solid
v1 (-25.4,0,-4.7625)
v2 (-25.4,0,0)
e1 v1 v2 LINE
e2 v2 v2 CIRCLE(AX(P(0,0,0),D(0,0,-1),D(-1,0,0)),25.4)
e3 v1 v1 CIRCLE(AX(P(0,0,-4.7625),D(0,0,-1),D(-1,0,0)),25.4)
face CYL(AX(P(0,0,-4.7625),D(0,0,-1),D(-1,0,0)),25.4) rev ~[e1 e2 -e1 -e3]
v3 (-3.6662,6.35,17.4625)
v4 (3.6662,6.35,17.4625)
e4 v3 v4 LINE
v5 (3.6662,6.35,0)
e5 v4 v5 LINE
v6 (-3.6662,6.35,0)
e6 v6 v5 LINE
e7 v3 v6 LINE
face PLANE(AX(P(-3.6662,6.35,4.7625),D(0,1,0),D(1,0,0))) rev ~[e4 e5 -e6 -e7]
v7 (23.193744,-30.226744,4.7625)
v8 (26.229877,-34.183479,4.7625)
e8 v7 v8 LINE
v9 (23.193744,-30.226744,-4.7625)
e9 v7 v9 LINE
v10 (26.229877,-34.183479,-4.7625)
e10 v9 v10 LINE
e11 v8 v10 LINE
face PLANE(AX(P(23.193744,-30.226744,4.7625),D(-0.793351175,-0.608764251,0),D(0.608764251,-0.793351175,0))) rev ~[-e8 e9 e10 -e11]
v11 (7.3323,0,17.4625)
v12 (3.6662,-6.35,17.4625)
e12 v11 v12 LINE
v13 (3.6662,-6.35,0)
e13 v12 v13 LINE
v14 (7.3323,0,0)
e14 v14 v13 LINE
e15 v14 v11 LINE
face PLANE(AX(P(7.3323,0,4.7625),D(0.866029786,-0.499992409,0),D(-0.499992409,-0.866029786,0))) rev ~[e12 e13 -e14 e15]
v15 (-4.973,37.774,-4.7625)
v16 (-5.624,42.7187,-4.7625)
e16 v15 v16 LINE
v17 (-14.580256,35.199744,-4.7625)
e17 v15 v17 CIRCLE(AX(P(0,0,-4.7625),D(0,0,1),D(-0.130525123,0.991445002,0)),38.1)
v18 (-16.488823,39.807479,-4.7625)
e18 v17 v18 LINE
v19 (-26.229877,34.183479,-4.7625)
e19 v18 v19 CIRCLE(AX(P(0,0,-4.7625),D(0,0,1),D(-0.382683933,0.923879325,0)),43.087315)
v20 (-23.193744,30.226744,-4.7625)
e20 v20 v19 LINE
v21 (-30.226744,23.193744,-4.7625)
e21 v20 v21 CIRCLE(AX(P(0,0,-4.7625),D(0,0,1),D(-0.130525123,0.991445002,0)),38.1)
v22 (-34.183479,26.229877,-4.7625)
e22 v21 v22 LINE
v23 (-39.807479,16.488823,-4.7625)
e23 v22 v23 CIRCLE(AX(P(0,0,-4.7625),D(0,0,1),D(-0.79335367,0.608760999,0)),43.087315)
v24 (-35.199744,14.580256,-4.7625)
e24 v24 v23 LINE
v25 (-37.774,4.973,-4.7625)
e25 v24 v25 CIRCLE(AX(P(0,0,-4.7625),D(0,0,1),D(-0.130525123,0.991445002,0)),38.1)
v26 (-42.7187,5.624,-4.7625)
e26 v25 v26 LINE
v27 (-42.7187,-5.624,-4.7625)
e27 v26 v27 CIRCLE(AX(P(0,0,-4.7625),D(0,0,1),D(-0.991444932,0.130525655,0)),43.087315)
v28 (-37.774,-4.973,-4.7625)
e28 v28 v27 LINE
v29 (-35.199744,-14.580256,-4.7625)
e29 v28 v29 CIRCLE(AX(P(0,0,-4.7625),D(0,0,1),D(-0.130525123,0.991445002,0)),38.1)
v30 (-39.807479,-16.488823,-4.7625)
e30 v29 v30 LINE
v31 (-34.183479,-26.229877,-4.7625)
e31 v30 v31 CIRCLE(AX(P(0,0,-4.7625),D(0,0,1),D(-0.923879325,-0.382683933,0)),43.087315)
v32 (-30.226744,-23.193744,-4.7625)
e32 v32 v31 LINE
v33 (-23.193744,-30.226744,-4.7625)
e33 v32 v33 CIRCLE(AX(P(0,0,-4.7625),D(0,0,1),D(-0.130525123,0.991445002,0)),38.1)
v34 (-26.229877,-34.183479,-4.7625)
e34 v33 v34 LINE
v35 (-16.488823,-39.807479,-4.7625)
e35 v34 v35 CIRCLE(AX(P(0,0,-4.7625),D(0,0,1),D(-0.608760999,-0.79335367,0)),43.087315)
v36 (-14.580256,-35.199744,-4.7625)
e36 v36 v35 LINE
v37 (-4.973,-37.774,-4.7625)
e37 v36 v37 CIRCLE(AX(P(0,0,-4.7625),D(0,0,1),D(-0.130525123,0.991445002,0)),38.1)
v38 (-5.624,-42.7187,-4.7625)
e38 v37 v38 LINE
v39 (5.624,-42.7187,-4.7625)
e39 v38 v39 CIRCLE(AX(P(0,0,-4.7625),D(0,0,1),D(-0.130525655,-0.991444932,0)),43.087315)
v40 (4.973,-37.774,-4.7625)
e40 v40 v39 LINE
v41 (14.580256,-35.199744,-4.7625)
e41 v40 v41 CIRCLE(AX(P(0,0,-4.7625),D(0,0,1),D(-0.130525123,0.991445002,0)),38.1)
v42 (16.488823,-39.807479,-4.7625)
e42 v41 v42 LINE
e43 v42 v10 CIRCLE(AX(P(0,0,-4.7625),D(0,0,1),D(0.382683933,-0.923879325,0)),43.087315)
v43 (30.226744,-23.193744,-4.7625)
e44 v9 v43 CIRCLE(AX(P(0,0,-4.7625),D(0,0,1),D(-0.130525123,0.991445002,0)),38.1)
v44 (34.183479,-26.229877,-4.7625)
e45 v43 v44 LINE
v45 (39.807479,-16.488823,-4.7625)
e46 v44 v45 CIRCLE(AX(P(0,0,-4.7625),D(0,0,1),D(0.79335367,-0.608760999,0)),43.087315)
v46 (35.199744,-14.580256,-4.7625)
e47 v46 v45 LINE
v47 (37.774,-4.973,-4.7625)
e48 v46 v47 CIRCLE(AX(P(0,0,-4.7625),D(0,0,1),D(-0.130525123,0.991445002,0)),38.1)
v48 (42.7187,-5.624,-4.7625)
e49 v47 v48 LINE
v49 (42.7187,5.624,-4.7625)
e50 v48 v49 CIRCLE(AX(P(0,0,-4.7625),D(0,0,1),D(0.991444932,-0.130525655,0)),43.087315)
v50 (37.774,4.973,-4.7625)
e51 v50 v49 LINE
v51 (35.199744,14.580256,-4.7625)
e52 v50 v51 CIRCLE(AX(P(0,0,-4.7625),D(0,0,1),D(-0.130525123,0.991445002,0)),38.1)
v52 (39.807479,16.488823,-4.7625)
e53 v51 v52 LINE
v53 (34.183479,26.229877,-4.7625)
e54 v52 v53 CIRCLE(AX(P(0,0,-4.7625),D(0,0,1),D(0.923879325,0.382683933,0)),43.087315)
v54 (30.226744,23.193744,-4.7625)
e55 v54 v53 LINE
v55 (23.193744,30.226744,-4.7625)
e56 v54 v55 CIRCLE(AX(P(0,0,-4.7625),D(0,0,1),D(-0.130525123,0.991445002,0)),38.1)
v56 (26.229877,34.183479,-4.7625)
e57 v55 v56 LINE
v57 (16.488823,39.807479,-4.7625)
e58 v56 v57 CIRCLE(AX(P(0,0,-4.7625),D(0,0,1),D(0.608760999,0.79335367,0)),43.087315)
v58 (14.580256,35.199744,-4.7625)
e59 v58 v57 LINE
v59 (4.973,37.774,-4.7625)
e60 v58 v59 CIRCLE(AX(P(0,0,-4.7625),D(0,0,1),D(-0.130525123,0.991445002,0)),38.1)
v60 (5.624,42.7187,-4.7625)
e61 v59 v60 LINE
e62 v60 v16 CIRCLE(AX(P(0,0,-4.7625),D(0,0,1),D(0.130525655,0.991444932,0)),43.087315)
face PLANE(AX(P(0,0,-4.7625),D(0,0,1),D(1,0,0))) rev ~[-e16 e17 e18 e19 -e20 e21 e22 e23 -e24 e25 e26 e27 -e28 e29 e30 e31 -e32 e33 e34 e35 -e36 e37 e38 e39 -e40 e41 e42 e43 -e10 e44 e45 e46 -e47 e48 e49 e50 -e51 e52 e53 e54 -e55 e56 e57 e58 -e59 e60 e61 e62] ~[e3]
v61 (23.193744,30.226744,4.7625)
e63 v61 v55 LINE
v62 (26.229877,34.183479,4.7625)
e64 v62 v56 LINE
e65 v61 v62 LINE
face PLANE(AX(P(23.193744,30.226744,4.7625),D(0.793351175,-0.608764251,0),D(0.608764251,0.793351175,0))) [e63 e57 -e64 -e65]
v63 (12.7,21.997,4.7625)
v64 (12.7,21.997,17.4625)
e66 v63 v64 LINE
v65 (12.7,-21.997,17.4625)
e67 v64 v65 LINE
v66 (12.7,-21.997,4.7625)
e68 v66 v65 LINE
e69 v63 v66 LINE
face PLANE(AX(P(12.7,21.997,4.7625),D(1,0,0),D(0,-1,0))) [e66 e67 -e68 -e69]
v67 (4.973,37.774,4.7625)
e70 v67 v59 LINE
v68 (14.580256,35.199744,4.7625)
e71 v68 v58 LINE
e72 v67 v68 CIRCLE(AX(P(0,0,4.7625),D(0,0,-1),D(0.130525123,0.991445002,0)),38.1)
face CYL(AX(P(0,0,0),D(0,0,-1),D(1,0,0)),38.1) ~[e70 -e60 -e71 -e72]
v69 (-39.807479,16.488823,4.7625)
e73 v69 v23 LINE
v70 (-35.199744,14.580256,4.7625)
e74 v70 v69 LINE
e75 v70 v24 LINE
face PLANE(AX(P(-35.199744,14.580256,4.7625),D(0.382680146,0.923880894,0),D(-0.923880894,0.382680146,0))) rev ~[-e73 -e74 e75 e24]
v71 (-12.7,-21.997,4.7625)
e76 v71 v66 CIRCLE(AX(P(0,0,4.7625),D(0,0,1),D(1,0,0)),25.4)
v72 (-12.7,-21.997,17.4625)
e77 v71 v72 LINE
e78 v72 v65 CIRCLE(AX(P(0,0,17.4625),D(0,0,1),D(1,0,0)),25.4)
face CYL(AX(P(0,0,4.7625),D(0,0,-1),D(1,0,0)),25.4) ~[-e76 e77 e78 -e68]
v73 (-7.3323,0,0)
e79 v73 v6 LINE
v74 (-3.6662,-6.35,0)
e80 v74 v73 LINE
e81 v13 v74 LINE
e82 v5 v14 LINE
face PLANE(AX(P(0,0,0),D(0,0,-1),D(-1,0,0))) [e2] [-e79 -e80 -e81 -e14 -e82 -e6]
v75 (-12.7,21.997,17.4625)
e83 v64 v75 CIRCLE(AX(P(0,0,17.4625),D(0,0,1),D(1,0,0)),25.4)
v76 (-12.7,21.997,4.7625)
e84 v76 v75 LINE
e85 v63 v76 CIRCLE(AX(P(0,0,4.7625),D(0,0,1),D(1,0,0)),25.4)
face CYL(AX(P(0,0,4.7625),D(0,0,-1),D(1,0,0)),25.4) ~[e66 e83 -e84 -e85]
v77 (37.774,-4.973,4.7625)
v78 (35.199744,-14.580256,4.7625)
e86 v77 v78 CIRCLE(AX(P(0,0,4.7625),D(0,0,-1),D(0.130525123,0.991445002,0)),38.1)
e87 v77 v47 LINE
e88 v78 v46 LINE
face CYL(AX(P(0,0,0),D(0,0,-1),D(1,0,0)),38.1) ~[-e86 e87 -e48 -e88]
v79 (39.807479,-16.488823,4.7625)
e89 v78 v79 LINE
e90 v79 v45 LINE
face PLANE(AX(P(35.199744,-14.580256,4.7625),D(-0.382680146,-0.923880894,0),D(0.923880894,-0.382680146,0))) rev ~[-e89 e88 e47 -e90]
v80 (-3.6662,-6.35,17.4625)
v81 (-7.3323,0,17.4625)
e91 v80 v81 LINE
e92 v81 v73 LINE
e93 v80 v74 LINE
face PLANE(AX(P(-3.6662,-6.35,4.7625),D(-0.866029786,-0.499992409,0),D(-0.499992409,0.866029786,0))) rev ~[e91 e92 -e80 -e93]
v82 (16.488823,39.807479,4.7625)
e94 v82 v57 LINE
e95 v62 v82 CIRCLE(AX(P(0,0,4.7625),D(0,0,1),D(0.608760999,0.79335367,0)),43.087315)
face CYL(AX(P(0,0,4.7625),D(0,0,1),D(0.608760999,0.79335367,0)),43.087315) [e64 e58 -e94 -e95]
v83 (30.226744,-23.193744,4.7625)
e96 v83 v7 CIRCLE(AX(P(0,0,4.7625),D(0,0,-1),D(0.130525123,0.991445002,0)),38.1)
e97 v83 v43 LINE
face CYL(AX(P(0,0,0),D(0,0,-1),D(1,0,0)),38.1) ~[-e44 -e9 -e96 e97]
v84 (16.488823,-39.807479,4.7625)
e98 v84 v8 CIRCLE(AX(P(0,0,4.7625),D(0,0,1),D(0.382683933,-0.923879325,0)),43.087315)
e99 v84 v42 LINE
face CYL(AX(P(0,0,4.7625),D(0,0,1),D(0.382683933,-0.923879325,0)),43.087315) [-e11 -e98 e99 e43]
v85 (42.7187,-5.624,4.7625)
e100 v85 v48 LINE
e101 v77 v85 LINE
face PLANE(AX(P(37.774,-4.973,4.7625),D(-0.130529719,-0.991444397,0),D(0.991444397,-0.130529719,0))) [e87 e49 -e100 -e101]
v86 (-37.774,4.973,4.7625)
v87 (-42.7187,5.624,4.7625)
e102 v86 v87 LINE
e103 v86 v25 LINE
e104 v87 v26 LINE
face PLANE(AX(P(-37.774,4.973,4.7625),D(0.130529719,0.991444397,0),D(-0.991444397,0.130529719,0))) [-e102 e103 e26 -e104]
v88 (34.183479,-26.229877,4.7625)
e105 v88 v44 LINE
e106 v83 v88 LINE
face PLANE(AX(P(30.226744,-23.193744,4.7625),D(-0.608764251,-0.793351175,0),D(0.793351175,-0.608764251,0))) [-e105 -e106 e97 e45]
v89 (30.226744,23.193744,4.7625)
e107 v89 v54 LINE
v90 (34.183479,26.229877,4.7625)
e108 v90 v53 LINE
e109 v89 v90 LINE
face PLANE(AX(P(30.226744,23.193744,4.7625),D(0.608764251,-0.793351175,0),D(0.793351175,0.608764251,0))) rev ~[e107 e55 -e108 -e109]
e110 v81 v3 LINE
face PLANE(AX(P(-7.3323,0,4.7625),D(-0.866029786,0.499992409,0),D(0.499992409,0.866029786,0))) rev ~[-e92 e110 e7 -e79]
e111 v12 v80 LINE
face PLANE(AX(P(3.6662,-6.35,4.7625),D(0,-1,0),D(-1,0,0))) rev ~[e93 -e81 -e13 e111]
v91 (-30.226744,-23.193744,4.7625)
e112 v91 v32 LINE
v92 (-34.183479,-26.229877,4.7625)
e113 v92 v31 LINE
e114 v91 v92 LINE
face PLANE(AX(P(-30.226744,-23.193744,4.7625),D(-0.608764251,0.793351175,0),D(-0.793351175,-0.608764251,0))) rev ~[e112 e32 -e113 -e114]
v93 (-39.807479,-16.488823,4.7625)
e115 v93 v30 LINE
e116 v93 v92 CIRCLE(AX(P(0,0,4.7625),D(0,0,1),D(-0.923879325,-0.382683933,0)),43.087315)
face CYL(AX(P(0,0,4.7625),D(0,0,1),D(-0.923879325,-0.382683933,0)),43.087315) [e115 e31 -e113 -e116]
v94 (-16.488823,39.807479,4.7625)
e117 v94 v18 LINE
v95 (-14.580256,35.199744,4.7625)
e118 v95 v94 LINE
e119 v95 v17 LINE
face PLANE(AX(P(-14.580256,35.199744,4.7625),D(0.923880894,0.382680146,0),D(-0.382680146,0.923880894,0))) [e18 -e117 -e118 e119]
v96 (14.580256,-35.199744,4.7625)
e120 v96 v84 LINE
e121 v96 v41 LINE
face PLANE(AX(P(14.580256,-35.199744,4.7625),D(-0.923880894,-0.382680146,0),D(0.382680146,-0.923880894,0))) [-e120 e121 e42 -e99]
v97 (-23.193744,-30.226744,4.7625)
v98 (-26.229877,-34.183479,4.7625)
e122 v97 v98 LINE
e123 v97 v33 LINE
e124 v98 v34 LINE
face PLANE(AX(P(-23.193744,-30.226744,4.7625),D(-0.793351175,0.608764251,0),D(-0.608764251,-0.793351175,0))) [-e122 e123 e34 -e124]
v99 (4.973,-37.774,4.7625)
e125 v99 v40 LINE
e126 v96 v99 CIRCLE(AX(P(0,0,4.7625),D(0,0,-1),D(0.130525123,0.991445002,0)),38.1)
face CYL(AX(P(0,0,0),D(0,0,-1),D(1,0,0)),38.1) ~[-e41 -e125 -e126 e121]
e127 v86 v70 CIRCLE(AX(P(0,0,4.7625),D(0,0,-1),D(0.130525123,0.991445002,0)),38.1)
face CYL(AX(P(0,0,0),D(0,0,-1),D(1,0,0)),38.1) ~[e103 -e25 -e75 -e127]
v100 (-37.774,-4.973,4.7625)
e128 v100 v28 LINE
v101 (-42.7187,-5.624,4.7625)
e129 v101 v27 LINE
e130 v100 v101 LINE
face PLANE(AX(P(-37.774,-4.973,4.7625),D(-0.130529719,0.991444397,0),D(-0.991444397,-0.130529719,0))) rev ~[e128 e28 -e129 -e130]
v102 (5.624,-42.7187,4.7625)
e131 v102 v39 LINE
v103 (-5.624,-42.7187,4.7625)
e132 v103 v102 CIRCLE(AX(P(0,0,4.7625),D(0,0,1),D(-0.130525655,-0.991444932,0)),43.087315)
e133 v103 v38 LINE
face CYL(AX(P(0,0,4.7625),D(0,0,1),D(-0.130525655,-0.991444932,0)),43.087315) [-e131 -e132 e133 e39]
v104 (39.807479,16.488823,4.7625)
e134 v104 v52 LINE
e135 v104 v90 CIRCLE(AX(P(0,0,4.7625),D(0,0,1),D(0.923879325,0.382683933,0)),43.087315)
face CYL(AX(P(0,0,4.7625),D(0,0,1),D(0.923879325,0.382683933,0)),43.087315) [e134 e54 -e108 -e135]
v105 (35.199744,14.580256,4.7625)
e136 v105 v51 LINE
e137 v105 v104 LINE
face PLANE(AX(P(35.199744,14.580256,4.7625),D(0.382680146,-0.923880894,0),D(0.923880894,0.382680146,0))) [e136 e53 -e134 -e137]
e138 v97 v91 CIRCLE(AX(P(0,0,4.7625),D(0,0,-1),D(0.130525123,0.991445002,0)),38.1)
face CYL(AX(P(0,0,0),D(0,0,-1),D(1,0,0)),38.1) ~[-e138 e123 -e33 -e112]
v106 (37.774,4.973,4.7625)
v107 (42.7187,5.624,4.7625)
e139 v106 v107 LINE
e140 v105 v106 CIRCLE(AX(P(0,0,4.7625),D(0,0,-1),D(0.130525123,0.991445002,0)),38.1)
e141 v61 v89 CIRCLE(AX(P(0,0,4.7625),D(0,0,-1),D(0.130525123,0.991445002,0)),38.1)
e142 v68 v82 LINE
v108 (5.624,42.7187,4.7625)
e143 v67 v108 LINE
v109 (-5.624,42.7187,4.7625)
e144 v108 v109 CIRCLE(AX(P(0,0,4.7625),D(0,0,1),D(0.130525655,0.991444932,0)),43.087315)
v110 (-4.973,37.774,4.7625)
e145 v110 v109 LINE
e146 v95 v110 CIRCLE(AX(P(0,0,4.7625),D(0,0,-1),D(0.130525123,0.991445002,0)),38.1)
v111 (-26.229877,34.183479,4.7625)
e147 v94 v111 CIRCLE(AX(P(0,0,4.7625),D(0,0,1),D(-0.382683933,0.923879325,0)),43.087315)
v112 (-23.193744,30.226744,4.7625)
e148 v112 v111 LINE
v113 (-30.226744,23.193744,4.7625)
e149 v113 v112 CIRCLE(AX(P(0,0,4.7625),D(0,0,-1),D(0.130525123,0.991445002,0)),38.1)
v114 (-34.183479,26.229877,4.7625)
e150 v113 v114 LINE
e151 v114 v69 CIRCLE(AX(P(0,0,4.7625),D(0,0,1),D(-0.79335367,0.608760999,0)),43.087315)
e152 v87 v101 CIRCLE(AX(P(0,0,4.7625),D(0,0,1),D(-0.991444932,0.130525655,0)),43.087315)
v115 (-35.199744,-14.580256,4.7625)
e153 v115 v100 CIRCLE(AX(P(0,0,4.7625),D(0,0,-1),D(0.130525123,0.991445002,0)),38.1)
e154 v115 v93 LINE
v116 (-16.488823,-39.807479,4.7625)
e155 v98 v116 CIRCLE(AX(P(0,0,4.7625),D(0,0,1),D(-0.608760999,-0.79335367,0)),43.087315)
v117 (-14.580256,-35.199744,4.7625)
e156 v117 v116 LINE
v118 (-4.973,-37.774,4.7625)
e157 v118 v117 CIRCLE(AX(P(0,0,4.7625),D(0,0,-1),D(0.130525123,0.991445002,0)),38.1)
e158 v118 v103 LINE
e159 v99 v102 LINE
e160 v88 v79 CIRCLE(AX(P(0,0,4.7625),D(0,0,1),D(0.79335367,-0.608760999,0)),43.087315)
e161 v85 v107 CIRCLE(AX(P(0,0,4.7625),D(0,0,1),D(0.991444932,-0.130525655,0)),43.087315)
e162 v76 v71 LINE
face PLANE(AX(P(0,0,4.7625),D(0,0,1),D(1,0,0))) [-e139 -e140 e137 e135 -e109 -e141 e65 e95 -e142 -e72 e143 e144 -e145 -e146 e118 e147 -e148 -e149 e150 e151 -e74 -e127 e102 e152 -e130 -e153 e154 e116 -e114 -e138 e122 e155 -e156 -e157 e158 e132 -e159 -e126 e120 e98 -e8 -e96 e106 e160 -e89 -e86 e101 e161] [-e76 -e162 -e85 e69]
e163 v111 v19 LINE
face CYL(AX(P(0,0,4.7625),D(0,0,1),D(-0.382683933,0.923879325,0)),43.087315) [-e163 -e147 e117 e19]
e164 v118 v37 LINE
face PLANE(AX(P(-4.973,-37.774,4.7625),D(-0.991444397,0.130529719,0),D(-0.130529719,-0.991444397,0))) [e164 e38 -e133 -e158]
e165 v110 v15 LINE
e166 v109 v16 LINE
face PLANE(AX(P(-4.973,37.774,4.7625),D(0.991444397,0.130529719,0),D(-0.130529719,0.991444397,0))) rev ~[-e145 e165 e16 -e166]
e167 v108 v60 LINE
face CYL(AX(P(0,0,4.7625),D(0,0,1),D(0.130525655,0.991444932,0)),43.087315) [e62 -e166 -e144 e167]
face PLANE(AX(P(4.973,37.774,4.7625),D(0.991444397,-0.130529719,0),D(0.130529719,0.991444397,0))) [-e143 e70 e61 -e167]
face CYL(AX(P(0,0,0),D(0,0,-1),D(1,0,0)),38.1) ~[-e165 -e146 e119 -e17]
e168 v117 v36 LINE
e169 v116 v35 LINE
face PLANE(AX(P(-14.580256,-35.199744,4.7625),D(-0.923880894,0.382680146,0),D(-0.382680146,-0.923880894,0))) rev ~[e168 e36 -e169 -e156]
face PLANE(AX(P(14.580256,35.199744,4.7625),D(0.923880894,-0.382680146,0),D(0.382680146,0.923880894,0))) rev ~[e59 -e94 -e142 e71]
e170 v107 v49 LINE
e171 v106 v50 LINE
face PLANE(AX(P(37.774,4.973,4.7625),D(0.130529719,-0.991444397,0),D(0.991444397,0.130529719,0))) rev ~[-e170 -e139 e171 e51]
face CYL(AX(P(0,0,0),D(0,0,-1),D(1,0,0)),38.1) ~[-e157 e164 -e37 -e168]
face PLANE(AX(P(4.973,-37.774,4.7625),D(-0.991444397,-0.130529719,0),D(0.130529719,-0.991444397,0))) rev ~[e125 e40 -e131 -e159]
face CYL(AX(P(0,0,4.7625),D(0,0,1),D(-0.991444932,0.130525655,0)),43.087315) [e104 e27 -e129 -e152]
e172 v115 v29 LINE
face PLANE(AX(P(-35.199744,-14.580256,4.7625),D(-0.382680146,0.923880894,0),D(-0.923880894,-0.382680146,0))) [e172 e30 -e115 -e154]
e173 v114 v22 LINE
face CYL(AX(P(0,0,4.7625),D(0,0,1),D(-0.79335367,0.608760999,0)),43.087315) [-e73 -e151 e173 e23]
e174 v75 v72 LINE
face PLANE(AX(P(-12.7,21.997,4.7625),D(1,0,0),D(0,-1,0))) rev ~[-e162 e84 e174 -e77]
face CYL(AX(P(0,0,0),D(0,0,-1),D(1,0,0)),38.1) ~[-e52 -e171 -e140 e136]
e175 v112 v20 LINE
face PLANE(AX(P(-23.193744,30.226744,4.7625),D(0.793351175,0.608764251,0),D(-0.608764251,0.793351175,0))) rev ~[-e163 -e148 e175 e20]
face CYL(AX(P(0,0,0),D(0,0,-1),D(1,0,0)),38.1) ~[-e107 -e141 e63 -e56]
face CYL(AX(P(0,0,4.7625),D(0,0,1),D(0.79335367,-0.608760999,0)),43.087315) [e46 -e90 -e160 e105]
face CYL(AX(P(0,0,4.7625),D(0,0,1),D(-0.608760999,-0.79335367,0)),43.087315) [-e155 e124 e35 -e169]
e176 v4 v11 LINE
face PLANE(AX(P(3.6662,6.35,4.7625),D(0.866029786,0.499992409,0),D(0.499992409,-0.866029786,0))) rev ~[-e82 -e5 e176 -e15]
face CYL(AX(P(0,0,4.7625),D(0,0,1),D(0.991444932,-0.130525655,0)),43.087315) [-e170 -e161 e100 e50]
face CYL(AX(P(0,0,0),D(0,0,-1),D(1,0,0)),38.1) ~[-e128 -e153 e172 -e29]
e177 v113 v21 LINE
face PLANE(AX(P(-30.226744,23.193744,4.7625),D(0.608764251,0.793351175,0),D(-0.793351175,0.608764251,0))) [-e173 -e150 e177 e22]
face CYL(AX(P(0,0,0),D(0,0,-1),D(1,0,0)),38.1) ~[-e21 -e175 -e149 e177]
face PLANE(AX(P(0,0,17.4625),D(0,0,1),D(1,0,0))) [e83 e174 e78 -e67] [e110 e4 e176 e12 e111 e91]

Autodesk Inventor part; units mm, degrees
ref_plane "YZ Plane" through (0, 0, 0) normal (1, 0, 0) x (0, 1, 0)
ref_plane "XZ Plane" through (0, 0, 0) normal (0, 1, 0) x (-1, 0, 0)
ref_plane "XY Plane" through (0, 0, 0) normal (0, 0, 1) x (1, 0, 0)
sketch "Sketch1" plane through (0, 0, 0) normal (0, 0, 1) x (1, 0, 0)
  circle A0 centre (0, 0) radius 38.1
  dimension "d0" = 76.2
extrude "Extrusion1" add sketch "Sketch1" along normal mid plane 9.525
sketch "Sketch8" plane through (0, 0, 4.7625) normal (0, 0, 1) x (1, 0, 0)
  arc A0 (5.624, 42.7187) -> (-5.624, 42.7187) centre (0, 0) ccw
  circle A1 centre (0, 0) radius 38.1 projected
  line L0 (4.973, 37.774) -> (5.624, 42.7187)
  line L1 (-4.973, 37.774) -> (-5.624, 42.7187)
  line L2 (0, 0) -> (0, 43.0873) construction
  arc A2 (4.973, 37.774) -> (-4.973, 37.774) centre (0, 0) ccw
  dimension "d40" = 4.9873
  dimension "d41" = 15
  dimension "d42" = 7.5
extrude "Extrusion9" add sketch "Sketch8" against normal blind 9.525 contours L0 A1 L1 A0
pattern_circular "Circular Pattern4" count 12 over 360 about axis through (0, 0, -10) along (0, 0, 1) of "Extrusion9"
sketch "Sketch10" plane through (0, 0, 4.7625) normal (0, 0, 1) x (1, 0, 0)
  line L0 (7.3323, 0) -> (3.6662, -6.35)
  line L1 (3.6662, -6.35) -> (-3.6662, -6.35)
  line L2 (-3.6662, -6.35) -> (-7.3323, 0)
  line L3 (-7.3323, 0) -> (-3.6662, 6.35)
  line L4 (-3.6662, 6.35) -> (3.6662, 6.35)
  line L5 (3.6662, 6.35) -> (7.3323, 0)
  point P0 (0, 0)
  point P1 (0, 0)
  dimension "d55" = 12.7
extrude "Extrusion11" cut sketch "Sketch10" against normal through all
sketch "Sketch11" plane through (0, 0, -4.7625) normal (0, 0, -1) x (-1, 0, 0)
  circle A0 centre (0, 0) radius 25.4
  dimension "d58" = 50.8
extrude "Extrusion12" cut sketch "Sketch11" against normal blind 4.7625
sketch "Sketch12" plane through (0, 0, 4.7625) normal (0, 0, 1) x (1, 0, 0)
  line L0 (7.3323, 0) -> (3.6662, -6.35)
  line L1 (3.6662, -6.35) -> (-3.6662, -6.35)
  line L2 (-3.6662, -6.35) -> (-7.3323, 0)
  line L3 (-7.3323, 0) -> (-3.6662, 6.35)
  line L4 (-3.6662, 6.35) -> (3.6662, 6.35)
  line L5 (3.6662, 6.35) -> (7.3323, 0)
  circle A0 centre (0, 0) radius 25.4 projected
  line L6 (-12.7, 21.997) -> (-12.7, -21.997)
  line L7 (12.7, 21.997) -> (12.7, -21.997)
  arc A1 (12.7, 21.997) -> (-12.7, 21.997) centre (0, 0) ccw
  arc A2 (-12.7, -21.997) -> (12.7, -21.997) centre (0, 0) ccw
  dimension "d61" = 12.7
  dimension "d65" = 25.4
extrude "Extrusion14" add sketch "Sketch12" along normal blind 12.7 contours L7 A0 L6
equation "\"d0\" = externalDiameter"
equation "\"d40\" = depthOfExternalSpline"
equation "\"d55\" = hexSize"
equation "\"internalDiameter\" = 50.8"
equation "\"externalDiameter\" = 76.2"
equation "\"pi\" = 3.141593"
equation "\"depthOfInternalSpline\" = 0.5 * widthOfInternalSpline"
equation "\"depthOfExternalSpline\" = 0.5 * widthOfExternalSpline"
equation "\"thickness\" = 9.525"
equation "\"hexSize\" = 12.7"
equation "\"widthOfInternalSpline\" = 6.649704"
equation "\"widthOfExternalSpline\" = 9.974557"
properties part number "gearLock" material "PC/ABS Plastic"
